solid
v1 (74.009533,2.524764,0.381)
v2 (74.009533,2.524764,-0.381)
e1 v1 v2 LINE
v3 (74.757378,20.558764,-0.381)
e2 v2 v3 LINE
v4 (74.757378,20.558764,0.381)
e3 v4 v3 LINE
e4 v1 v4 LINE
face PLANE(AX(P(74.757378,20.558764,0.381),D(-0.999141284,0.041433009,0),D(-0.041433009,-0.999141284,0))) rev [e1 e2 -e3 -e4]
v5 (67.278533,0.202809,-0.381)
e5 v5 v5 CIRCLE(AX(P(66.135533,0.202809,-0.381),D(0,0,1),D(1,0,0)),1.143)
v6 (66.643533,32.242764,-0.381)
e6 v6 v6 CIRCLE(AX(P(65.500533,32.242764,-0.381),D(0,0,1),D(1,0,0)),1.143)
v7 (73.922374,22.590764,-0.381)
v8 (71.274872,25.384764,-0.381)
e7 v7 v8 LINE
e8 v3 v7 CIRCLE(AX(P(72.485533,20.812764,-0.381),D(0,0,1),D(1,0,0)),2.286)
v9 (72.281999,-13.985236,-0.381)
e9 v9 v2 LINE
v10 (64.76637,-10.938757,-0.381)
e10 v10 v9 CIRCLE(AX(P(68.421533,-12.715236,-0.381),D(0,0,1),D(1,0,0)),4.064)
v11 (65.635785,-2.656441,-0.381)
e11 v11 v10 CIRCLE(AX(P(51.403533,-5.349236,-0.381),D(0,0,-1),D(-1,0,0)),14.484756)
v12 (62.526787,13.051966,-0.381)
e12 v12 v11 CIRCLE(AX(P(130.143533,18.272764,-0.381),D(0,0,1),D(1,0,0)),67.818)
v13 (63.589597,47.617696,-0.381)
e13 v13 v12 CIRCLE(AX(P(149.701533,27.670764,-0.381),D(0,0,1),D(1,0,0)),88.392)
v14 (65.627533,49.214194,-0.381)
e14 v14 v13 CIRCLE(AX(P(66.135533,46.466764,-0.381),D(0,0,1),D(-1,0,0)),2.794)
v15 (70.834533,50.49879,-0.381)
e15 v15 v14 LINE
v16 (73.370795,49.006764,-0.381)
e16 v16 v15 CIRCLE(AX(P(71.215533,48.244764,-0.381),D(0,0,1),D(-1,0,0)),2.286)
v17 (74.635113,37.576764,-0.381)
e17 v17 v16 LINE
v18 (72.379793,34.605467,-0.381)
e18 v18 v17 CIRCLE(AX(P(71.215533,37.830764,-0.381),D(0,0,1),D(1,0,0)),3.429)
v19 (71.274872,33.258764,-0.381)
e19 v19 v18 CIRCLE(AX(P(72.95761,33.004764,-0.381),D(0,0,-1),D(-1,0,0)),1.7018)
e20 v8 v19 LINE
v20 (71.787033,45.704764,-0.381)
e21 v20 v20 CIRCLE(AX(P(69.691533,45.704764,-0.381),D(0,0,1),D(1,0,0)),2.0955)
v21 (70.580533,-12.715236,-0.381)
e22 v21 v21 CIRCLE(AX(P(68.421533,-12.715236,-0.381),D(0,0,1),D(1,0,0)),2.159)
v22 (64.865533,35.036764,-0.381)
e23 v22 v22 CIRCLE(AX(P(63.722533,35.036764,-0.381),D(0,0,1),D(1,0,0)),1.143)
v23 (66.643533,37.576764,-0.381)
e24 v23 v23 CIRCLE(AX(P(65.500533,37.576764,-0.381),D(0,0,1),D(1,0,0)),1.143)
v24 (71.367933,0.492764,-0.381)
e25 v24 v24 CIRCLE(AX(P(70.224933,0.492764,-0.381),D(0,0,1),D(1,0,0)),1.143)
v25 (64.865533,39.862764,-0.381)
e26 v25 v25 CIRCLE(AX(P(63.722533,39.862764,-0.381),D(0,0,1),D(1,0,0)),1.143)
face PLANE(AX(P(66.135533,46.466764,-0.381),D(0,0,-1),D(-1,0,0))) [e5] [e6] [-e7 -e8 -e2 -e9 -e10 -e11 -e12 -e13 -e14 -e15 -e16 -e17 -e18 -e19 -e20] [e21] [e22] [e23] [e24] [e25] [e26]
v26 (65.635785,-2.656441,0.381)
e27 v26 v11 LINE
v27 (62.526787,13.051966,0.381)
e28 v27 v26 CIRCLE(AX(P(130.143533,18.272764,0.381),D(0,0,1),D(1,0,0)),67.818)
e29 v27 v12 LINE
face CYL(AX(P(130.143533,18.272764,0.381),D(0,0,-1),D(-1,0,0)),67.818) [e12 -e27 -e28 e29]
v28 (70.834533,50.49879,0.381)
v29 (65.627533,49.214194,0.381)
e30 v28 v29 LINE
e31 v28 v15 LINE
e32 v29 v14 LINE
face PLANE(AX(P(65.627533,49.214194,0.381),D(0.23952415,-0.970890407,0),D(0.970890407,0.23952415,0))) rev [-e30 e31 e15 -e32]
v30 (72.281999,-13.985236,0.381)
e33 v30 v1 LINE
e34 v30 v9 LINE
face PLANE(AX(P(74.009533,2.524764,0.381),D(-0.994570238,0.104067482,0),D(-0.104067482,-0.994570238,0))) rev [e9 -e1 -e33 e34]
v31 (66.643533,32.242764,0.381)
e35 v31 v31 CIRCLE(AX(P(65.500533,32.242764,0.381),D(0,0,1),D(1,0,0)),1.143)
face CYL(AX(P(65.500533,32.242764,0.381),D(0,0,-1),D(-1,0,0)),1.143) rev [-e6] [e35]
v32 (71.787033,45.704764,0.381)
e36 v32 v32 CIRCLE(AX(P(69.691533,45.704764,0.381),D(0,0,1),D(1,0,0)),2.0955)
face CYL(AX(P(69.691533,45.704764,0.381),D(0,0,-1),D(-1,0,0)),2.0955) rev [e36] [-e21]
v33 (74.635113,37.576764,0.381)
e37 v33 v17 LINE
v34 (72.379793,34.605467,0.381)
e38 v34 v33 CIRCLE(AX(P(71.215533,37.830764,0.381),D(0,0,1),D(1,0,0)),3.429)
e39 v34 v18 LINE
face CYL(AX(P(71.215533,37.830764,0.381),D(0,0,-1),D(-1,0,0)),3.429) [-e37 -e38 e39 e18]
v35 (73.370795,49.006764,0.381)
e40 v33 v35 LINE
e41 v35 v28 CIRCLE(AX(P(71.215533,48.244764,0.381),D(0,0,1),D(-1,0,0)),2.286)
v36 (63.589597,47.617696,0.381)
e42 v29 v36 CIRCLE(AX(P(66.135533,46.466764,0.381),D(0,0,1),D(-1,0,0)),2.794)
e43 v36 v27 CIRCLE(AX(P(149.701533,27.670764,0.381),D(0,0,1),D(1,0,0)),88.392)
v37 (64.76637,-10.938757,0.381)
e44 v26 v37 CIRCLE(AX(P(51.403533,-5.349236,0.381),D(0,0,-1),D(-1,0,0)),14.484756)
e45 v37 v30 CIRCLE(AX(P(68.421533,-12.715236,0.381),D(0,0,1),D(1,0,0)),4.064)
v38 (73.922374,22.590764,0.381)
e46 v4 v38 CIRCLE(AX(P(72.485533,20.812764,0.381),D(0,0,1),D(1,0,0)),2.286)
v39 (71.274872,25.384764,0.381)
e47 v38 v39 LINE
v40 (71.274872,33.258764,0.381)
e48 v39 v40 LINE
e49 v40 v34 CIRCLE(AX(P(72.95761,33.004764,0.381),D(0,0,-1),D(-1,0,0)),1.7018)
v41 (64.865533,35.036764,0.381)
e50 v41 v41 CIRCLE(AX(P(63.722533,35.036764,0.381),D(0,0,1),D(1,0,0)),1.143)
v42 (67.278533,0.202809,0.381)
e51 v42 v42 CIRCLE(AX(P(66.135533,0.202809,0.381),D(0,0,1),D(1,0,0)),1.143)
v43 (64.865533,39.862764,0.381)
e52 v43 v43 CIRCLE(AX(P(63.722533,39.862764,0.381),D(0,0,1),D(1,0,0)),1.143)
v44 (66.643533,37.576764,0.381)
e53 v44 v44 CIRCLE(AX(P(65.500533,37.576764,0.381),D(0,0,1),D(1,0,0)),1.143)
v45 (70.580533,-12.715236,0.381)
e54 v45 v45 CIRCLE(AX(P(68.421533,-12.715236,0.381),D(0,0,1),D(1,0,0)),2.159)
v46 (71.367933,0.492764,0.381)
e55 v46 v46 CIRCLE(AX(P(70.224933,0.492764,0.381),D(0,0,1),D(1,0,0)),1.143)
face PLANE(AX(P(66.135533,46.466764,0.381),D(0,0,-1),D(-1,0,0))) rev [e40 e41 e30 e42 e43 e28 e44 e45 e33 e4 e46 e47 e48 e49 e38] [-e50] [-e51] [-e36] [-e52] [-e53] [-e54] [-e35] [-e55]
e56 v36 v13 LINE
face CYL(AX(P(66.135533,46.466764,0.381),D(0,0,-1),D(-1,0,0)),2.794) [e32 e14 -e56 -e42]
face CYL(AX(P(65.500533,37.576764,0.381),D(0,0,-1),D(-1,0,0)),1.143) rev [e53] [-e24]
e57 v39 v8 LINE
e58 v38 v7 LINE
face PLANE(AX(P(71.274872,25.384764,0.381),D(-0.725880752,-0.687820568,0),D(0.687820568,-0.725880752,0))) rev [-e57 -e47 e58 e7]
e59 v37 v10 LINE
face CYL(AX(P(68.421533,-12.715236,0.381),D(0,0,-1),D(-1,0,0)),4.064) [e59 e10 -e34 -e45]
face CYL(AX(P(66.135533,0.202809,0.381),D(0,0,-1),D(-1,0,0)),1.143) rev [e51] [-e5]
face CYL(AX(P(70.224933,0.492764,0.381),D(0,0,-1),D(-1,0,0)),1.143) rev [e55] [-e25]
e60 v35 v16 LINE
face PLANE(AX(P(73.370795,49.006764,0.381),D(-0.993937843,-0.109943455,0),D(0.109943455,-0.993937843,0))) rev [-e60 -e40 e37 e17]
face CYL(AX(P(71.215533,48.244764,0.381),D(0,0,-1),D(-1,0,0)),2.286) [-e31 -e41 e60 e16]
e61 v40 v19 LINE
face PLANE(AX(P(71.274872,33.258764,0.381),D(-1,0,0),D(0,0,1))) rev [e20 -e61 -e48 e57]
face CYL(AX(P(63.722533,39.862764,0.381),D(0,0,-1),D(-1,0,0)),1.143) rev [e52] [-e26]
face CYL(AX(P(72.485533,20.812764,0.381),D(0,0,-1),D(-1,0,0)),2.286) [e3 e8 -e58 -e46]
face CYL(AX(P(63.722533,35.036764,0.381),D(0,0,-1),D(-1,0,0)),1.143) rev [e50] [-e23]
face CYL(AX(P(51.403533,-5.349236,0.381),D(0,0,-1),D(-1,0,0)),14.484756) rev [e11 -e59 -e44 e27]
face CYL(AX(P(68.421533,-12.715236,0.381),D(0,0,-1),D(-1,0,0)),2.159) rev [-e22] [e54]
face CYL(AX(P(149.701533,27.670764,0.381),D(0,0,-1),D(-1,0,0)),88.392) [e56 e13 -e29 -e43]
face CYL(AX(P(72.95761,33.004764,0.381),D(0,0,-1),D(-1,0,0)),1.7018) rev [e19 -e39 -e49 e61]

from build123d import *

# Parameters (mm, degrees)
SKETCH1_R           = 2.159
SKETCH1_R_2         = 1.143
SKETCH1_R_3         = 2.0955
BOSS_EXTRUDE1_DEPTH = 0.381


with BuildPart() as part:
    # Sketch1 → Boss-Extrude1 (new body, symmetric)
    with BuildSketch(Plane.XY):
        with BuildLine():
            Line((74.009533162, 2.524763773), (72.281998937, -13.985236227))
            ThreePointArc((72.281998937, -13.985236227), (66.894838719, -16.481573981), (64.766369935, -10.938757185))
            ThreePointArc((64.766369935, -10.938757185), (65.80913713, -6.8614285), (65.635785401, -2.656440771))
            ThreePointArc((65.635785401, -2.656440771), (63.616027596, 5.10567878), (62.526786778, 13.051965708))
            ThreePointArc((62.526786778, 13.051965708), (61.351286871, 30.387313841), (63.589596905, 47.617695819))
            ThreePointArc((63.589596905, 47.617695819), (64.412502938, 48.666218898), (65.627533162, 49.214193845))
            Line((65.627533162, 49.214193845), (70.834533162, 50.498790171))
            ThreePointArc((70.834533162, 50.498790171), (72.374643438, 50.21510876), (73.370794631, 49.006763773))
            Line((73.370794631, 49.006763773), (74.635112814, 37.576763773))
            ThreePointArc((74.635112814, 37.576763773), (73.946841775, 35.757603322), (72.379792613, 34.605466744))
            ThreePointArc((72.379792613, 34.605466744), (71.641962058, 34.084204846), (71.274872248, 33.258763773))
            Line((71.274872248, 33.258763773), (71.274872248, 25.384763773))
            Line((71.274872248, 25.384763773), (73.922374141, 22.590763773))
            ThreePointArc((73.922374141, 22.590763773), (74.599970213, 21.681643486), (74.757378227, 20.558763773))
            Line((74.757378227, 20.558763773), (74.009533162, 2.524763773))
        make_face()
        with Locations((68.421533162, -12.715236227)):
            Circle(SKETCH1_R, mode=Mode.SUBTRACT)
        with Locations((70.224933162, 0.492763773)):
            Circle(SKETCH1_R_2, mode=Mode.SUBTRACT)
        with Locations((66.135533162, 0.202809344)):
            Circle(SKETCH1_R_2, mode=Mode.SUBTRACT)
        with Locations((65.500533162, 32.242763773)):
            Circle(SKETCH1_R_2, mode=Mode.SUBTRACT)
        with Locations((65.500533162, 37.576763773)):
            Circle(SKETCH1_R_2, mode=Mode.SUBTRACT)
        with Locations((69.691533162, 45.704763773)):
            Circle(SKETCH1_R_3, mode=Mode.SUBTRACT)
        with Locations((63.722533162, 39.862763773)):
            Circle(SKETCH1_R_2, mode=Mode.SUBTRACT)
        with Locations((63.722533162, 35.036763773)):
            Circle(SKETCH1_R_2, mode=Mode.SUBTRACT)
    extrude(amount=BOSS_EXTRUDE1_DEPTH, both=True)


solid = part.part
